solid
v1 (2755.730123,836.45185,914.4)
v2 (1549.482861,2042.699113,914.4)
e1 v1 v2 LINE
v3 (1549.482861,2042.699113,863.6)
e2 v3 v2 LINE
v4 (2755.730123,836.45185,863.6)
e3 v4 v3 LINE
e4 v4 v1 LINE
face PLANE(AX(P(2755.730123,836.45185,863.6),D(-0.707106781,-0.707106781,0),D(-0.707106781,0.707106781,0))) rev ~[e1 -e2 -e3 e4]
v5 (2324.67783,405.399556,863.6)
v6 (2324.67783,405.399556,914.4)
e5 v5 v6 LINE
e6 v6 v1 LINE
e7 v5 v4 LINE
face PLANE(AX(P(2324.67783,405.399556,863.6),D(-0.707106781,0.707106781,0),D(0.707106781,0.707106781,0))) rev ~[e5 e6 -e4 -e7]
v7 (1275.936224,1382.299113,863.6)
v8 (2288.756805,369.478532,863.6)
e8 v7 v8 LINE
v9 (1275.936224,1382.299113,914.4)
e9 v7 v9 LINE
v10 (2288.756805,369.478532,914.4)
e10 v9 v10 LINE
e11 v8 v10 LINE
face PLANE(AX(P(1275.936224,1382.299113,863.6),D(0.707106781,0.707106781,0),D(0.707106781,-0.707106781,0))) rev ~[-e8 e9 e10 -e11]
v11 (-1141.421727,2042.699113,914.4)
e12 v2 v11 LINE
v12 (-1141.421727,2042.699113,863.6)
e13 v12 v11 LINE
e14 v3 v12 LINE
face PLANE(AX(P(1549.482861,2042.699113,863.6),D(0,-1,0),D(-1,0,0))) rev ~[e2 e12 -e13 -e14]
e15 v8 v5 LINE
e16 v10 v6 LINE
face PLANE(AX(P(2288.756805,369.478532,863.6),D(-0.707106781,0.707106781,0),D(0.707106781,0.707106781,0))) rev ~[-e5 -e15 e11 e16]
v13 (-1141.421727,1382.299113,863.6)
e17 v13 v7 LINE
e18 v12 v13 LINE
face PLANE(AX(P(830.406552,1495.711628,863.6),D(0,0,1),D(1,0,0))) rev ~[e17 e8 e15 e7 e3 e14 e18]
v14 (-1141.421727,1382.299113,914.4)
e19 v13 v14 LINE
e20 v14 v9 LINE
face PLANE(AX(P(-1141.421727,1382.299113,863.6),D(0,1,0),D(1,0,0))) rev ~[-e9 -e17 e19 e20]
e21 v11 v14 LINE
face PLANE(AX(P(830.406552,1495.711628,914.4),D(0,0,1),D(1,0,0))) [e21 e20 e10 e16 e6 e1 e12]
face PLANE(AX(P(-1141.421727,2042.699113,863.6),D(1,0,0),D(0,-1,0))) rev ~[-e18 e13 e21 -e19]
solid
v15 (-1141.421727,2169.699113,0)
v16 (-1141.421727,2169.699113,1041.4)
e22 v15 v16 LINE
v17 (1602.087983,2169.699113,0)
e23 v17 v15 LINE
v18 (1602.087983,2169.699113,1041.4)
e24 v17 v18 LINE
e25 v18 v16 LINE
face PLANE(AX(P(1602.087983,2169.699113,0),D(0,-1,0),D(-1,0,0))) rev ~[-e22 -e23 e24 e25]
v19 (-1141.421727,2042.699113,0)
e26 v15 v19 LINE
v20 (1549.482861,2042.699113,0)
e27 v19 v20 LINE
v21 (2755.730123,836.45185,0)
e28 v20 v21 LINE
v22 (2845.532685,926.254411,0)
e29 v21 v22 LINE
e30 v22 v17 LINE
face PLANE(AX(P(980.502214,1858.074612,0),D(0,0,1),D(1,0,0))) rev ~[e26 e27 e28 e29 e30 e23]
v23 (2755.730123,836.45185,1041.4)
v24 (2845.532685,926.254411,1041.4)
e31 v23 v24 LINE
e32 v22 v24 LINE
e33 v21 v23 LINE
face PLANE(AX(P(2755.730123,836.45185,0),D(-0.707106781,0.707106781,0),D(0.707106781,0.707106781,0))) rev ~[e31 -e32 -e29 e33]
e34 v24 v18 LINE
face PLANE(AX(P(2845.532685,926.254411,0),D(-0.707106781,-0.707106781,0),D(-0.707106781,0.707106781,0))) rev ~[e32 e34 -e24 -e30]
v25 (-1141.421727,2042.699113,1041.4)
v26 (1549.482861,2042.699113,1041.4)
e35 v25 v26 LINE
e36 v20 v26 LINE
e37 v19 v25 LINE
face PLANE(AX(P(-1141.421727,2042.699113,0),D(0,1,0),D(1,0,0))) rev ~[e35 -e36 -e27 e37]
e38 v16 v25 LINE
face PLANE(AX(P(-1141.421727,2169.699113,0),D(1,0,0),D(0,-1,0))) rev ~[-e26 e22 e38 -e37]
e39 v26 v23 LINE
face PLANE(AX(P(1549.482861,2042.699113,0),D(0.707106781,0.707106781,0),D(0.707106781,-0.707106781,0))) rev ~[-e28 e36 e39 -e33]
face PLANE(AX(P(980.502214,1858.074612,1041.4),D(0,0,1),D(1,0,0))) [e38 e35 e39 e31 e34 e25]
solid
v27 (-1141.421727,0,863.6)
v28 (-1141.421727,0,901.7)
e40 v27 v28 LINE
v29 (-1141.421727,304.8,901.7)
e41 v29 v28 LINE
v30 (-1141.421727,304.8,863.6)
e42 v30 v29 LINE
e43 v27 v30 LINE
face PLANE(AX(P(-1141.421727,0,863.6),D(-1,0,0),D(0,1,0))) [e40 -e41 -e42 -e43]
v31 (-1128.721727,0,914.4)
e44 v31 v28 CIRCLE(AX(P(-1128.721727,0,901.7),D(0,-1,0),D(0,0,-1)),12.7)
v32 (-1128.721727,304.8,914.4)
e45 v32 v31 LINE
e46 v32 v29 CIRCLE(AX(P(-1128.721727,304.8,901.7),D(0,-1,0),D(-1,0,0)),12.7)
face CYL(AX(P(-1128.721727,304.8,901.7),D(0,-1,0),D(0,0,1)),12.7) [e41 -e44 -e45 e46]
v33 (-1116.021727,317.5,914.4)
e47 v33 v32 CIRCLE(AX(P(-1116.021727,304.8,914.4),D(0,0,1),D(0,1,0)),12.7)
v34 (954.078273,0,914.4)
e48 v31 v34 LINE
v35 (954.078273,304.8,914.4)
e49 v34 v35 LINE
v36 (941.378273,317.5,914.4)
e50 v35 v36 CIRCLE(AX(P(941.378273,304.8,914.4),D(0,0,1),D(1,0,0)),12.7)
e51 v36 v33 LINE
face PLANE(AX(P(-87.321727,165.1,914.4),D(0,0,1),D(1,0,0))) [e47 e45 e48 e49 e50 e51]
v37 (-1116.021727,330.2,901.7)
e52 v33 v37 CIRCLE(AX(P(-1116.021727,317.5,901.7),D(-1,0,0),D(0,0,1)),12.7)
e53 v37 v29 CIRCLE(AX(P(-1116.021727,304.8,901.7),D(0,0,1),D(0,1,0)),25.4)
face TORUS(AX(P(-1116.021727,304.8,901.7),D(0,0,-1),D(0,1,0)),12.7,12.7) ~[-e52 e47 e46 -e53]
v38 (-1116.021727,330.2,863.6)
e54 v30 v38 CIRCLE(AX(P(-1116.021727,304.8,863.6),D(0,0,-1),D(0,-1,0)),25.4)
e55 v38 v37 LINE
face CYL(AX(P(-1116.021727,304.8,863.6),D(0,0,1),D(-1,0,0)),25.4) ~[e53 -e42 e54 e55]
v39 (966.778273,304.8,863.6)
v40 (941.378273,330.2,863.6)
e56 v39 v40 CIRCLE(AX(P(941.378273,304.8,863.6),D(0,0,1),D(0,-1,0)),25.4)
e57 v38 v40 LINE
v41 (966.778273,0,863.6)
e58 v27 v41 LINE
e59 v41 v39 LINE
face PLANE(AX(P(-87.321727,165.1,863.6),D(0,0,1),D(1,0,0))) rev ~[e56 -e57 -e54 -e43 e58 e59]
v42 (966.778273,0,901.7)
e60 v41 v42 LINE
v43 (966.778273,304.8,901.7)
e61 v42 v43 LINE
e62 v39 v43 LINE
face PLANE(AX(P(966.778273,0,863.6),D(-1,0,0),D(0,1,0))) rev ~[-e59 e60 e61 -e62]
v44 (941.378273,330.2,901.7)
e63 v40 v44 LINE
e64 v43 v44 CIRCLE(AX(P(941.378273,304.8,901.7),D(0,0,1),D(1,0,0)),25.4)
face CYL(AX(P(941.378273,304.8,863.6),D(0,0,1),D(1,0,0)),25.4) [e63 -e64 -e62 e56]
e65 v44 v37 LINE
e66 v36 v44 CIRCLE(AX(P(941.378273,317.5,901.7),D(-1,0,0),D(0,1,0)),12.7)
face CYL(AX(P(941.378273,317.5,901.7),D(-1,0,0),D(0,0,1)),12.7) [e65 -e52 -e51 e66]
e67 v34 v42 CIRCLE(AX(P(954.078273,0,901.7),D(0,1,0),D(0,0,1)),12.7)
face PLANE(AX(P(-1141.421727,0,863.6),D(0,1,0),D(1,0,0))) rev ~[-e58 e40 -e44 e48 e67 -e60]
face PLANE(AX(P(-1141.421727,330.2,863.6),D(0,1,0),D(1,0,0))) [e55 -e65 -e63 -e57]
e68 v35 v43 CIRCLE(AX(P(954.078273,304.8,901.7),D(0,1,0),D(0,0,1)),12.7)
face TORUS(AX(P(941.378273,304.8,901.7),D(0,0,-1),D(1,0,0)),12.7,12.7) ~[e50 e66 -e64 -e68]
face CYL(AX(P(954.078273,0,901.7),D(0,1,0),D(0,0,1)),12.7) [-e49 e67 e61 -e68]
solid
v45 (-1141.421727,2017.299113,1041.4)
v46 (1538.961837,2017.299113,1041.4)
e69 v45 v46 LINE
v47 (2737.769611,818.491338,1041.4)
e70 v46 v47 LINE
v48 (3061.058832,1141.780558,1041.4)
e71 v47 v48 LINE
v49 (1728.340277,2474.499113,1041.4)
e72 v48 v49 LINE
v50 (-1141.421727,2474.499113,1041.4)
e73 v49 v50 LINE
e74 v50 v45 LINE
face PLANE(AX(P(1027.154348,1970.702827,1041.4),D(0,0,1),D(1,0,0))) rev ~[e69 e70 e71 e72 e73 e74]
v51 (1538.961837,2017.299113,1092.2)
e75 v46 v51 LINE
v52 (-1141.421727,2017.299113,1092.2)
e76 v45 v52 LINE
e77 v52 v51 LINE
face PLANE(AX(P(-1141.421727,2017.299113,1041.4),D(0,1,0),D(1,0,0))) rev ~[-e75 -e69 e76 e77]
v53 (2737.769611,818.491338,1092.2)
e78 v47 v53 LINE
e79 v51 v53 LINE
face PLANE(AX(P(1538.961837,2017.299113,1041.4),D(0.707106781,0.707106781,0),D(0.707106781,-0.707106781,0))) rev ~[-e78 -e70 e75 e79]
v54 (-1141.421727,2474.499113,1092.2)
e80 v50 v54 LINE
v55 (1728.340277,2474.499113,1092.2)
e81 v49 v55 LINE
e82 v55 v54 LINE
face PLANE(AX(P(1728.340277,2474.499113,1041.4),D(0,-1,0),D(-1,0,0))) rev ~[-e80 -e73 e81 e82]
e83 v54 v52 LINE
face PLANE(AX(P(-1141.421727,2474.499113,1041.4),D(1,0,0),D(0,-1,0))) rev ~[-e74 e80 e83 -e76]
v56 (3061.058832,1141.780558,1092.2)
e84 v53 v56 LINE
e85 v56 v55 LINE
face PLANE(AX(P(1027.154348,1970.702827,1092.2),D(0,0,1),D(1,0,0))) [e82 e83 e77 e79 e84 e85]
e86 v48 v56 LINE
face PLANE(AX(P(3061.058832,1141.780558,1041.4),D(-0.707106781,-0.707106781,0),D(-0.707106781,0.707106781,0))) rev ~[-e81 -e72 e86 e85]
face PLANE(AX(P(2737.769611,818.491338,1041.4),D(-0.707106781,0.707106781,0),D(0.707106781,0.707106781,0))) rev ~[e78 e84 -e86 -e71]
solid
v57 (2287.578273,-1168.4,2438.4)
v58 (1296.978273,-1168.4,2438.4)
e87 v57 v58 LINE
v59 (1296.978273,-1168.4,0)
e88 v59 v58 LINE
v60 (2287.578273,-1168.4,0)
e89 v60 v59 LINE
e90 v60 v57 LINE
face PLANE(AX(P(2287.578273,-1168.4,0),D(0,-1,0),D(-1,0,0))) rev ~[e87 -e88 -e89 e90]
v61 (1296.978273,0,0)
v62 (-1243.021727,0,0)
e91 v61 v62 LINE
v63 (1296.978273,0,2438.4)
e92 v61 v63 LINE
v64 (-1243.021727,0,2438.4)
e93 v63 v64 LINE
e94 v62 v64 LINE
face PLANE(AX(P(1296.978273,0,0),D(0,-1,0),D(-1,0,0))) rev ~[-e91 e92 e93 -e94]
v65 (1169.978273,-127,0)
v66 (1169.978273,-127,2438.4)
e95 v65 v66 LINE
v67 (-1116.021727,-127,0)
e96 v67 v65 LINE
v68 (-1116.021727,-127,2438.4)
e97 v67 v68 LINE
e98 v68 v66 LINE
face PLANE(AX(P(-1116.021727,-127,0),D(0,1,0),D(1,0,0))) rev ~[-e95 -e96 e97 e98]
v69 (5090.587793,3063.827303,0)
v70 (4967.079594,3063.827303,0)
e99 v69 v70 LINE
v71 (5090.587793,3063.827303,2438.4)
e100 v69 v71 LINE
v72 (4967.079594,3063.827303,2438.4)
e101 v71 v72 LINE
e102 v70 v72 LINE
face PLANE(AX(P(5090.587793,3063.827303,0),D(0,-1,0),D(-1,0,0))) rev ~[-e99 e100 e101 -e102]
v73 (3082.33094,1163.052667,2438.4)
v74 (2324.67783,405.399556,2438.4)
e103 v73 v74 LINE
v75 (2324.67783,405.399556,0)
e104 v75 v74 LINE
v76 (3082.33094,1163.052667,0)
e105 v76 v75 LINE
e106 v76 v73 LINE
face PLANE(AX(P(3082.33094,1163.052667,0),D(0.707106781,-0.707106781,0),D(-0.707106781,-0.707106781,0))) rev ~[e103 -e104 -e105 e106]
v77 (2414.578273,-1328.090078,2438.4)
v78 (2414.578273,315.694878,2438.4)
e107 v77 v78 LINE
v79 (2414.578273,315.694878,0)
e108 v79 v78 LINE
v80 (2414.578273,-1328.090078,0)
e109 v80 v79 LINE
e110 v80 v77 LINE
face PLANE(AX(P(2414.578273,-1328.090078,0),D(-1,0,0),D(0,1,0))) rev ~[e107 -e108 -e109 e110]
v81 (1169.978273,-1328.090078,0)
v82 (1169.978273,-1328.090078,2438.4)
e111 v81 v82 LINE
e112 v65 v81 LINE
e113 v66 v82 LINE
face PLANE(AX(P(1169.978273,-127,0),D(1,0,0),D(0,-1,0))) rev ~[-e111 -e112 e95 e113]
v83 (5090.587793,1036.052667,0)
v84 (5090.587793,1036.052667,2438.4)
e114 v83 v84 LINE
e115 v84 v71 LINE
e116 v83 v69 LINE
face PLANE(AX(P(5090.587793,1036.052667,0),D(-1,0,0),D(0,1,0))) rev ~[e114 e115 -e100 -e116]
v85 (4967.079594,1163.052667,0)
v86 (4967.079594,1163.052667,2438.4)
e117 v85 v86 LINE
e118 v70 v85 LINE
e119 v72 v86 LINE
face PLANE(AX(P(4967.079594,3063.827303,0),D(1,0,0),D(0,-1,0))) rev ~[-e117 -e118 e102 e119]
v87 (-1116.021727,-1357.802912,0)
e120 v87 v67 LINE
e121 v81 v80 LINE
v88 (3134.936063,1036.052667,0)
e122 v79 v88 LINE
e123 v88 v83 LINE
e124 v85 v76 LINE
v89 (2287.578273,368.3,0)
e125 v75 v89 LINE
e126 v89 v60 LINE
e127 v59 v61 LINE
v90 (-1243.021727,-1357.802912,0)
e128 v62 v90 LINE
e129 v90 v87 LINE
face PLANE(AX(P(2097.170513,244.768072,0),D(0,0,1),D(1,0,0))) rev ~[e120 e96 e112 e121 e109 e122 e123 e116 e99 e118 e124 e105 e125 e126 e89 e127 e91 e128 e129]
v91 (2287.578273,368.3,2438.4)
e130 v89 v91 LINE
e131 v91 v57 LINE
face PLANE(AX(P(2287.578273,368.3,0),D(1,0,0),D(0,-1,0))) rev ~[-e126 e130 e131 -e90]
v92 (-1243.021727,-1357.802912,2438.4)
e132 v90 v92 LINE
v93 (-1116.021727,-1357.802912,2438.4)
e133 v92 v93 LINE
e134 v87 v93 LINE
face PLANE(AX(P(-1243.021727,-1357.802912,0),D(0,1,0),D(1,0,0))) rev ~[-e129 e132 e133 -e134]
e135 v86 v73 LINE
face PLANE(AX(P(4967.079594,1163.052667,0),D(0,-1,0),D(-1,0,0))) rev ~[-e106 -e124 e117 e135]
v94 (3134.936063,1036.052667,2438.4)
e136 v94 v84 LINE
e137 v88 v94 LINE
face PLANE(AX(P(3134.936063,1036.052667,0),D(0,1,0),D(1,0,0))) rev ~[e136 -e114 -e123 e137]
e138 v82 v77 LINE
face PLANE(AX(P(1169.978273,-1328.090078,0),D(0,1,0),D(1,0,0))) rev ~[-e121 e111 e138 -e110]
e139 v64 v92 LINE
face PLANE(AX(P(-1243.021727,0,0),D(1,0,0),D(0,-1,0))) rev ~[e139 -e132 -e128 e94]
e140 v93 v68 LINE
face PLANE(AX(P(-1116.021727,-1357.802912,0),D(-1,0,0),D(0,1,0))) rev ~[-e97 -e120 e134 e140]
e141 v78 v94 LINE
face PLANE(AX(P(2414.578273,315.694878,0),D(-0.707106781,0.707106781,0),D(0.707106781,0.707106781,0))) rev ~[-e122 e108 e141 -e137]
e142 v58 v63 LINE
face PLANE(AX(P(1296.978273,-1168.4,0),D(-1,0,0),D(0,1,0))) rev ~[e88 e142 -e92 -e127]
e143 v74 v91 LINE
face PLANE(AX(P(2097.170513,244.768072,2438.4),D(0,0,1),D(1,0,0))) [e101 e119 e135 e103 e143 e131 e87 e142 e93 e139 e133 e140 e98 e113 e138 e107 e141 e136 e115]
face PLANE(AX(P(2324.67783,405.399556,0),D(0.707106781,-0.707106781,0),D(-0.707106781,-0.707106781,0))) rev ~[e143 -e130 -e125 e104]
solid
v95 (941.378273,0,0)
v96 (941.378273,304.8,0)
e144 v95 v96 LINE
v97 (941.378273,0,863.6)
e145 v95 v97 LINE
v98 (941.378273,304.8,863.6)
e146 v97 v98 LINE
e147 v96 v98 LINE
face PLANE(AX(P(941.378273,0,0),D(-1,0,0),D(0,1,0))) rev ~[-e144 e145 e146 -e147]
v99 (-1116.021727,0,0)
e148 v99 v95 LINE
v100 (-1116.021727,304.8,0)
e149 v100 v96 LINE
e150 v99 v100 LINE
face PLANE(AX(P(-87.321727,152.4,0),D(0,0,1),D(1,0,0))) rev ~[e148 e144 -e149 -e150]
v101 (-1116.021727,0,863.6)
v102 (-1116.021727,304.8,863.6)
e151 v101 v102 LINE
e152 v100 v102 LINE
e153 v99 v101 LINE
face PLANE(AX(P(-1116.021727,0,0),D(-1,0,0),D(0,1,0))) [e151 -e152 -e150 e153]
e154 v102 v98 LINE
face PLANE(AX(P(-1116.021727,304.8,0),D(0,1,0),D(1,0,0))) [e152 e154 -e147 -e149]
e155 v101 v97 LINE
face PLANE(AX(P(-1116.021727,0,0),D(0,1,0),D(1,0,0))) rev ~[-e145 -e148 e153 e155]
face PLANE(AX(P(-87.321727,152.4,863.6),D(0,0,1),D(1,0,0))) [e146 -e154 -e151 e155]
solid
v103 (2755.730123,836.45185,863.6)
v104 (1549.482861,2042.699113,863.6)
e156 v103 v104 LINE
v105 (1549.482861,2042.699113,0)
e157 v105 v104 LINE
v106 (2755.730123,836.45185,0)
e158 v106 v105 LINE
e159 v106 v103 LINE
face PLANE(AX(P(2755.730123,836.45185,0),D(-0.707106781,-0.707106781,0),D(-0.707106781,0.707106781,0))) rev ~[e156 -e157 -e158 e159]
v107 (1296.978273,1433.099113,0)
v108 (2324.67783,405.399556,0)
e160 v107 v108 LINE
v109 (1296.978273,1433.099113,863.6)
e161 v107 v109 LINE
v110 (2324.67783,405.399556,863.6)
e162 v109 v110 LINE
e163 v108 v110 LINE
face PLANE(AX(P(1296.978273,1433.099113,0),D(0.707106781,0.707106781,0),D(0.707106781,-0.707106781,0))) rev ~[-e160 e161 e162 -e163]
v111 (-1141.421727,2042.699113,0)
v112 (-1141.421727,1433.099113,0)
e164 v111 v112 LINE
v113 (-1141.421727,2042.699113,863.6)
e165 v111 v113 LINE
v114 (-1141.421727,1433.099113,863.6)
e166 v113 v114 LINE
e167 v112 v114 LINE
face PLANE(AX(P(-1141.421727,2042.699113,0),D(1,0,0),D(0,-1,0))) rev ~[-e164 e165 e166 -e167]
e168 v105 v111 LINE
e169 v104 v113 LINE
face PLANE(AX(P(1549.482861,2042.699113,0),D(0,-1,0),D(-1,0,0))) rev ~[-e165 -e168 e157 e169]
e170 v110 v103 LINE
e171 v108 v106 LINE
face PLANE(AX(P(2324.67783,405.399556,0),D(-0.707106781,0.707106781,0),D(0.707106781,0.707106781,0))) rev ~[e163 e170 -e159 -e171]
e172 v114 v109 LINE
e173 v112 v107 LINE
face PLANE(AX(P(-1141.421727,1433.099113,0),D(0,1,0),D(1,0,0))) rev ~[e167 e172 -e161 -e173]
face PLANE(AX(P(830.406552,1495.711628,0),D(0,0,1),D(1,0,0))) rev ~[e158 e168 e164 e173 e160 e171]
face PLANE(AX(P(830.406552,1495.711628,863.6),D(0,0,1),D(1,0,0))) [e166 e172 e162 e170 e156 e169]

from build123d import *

# Parameters (mm, degrees)
F1_DEPTH = 863.6
F0_W     = 2057.4
F0_H     = 304.8
F2_DEPTH = 2438.4
F3_DEPTH = 1041.4
F5_DEPTH = 50.8
F6_W     = 2108.2
F6_H     = 330.2
F7_DEPTH = 50.8
F8_R     = 25.4
F9_R     = 12.7


with BuildPart() as f1:
    # F0 (on Top) → F1 (new body)
    with BuildSketch(Plane.XY):
        Polygon((1296.9782733917, 1433.0991125107), (2324.6778296471, 405.3995562553), (2755.7301234584, 836.4518500667), (1549.4828610144, 2042.6991125107), (-1141.4217266083, 2042.6991125107), (-1141.4217266083, 1433.0991125107), align=None)
    extrude(amount=F1_DEPTH)


with BuildPart() as f1b:
    # F0 (on Top) → F1, piece 2 (new body)
    with BuildSketch(Plane.XY):
        with Locations((-87.3217266083, 152.4)):
            Rectangle(F0_W, F0_H)
    extrude(amount=F1_DEPTH)


with BuildPart() as f2:
    # F0 (on Top) → F2 (new body)
    with BuildSketch(Plane.XY):
        Polygon((-1116.0217266083, 0), (-1243.0217266083, 0), (-1243.0217266083, -1357.8029119428), (-1116.0217266083, -1357.8029119428), (-1116.0217266083, -127), (1169.9782733917, -127), (1169.9782733917, -1328.09007782), (2414.5782733917, -1328.09007782), (2414.5782733917, 315.6948775786), (3134.9360625277, 1036.0526667146), (5090.587792672, 1036.0526667146), (5090.587792672, 3063.8273026744), (4967.0795944628, 3063.8273026744), (4967.0795944628, 1163.0526667146), (3082.3309401063, 1163.0526667146), (3061.0588315747, 1141.780558183), (2845.5326846691, 926.2544112774), (2755.7301234584, 836.4518500667), (2324.6778296471, 405.3995562553), (2287.5782733917, 368.3), (2287.5782733917, -1168.4), (1296.9782733917, -1168.4), (1296.9782733917, 0), (941.3782733917, 0), align=None)
    extrude(amount=F2_DEPTH)


with BuildPart() as f3:
    # F0 (on Top) → F3 (new body)
    with BuildSketch(Plane.XY):
        Polygon((1549.4828610144, 2042.6991125107), (2755.7301234584, 836.4518500667), (2845.5326846691, 926.2544112774), (1602.0879834357, 2169.6991125107), (-1141.4217266083, 2169.6991125107), (-1141.4217266083, 2042.6991125107), align=None)
    extrude(amount=F3_DEPTH)


with BuildPart() as f5:
    # F4 (on face) → F5 (new body)
    with BuildSketch(Plane.XY.offset(1041.4)):
        Polygon((1538.9618365301, 2017.2991125107), (2737.7696112162, 818.4913378245), (3061.0588315747, 1141.780558183), (1728.3402772471, 2474.4991125107), (-1141.4217266083, 2474.4991125107), (-1141.4217266083, 2017.2991125107), align=None)
    extrude(amount=F5_DEPTH)


with BuildPart() as f7:
    # F6 (on face) → F7 (new body)
    with BuildSketch(Plane.XY.offset(863.6)):
        with Locations((-87.3217266083, 165.1)):
            Rectangle(F6_W, F6_H)
    extrude(amount=F7_DEPTH)

    # F8
    f8_edges = [f7.edges().sort_by_distance(p)[0] for p in [
        (-1141.421727, 330.2, 889),
        (966.778273, 330.2, 889),
    ]]
    fillet(f8_edges, radius=F8_R)

    # F9
    f9_edges = [f7.edges().sort_by_distance(p)[0] for p in [
        (966.778273, 152.4, 914.4),
        (-87.321727, 330.2, 914.4),
    ]]
    fillet(f9_edges, radius=F9_R)


with BuildPart() as f7b:
    # F6 (on face) → F7, piece 2 (new body)
    with BuildSketch(Plane.XY.offset(863.6)):
        Polygon((2324.6778296471, 405.3995562553), (2755.7301234584, 836.4518500667), (1549.4828610144, 2042.6991125107), (-1141.4217266083, 2042.6991125107), (-1141.4217266083, 1433.0991125107), (1296.9782733917, 1433.0991125107), align=None)
        Polygon((2288.7568051628, 369.4785317711), (2324.6778296471, 405.3995562553), (1296.9782733917, 1433.0991125107), (-1141.4217266083, 1433.0991125107), (-1141.4217266083, 1382.2991125107), (1275.9362244232, 1382.2991125107), align=None)
    extrude(amount=F7_DEPTH)


solid = Compound([f1.part, f1b.part, f2.part, f3.part, f5.part, f7.part, f7b.part])
